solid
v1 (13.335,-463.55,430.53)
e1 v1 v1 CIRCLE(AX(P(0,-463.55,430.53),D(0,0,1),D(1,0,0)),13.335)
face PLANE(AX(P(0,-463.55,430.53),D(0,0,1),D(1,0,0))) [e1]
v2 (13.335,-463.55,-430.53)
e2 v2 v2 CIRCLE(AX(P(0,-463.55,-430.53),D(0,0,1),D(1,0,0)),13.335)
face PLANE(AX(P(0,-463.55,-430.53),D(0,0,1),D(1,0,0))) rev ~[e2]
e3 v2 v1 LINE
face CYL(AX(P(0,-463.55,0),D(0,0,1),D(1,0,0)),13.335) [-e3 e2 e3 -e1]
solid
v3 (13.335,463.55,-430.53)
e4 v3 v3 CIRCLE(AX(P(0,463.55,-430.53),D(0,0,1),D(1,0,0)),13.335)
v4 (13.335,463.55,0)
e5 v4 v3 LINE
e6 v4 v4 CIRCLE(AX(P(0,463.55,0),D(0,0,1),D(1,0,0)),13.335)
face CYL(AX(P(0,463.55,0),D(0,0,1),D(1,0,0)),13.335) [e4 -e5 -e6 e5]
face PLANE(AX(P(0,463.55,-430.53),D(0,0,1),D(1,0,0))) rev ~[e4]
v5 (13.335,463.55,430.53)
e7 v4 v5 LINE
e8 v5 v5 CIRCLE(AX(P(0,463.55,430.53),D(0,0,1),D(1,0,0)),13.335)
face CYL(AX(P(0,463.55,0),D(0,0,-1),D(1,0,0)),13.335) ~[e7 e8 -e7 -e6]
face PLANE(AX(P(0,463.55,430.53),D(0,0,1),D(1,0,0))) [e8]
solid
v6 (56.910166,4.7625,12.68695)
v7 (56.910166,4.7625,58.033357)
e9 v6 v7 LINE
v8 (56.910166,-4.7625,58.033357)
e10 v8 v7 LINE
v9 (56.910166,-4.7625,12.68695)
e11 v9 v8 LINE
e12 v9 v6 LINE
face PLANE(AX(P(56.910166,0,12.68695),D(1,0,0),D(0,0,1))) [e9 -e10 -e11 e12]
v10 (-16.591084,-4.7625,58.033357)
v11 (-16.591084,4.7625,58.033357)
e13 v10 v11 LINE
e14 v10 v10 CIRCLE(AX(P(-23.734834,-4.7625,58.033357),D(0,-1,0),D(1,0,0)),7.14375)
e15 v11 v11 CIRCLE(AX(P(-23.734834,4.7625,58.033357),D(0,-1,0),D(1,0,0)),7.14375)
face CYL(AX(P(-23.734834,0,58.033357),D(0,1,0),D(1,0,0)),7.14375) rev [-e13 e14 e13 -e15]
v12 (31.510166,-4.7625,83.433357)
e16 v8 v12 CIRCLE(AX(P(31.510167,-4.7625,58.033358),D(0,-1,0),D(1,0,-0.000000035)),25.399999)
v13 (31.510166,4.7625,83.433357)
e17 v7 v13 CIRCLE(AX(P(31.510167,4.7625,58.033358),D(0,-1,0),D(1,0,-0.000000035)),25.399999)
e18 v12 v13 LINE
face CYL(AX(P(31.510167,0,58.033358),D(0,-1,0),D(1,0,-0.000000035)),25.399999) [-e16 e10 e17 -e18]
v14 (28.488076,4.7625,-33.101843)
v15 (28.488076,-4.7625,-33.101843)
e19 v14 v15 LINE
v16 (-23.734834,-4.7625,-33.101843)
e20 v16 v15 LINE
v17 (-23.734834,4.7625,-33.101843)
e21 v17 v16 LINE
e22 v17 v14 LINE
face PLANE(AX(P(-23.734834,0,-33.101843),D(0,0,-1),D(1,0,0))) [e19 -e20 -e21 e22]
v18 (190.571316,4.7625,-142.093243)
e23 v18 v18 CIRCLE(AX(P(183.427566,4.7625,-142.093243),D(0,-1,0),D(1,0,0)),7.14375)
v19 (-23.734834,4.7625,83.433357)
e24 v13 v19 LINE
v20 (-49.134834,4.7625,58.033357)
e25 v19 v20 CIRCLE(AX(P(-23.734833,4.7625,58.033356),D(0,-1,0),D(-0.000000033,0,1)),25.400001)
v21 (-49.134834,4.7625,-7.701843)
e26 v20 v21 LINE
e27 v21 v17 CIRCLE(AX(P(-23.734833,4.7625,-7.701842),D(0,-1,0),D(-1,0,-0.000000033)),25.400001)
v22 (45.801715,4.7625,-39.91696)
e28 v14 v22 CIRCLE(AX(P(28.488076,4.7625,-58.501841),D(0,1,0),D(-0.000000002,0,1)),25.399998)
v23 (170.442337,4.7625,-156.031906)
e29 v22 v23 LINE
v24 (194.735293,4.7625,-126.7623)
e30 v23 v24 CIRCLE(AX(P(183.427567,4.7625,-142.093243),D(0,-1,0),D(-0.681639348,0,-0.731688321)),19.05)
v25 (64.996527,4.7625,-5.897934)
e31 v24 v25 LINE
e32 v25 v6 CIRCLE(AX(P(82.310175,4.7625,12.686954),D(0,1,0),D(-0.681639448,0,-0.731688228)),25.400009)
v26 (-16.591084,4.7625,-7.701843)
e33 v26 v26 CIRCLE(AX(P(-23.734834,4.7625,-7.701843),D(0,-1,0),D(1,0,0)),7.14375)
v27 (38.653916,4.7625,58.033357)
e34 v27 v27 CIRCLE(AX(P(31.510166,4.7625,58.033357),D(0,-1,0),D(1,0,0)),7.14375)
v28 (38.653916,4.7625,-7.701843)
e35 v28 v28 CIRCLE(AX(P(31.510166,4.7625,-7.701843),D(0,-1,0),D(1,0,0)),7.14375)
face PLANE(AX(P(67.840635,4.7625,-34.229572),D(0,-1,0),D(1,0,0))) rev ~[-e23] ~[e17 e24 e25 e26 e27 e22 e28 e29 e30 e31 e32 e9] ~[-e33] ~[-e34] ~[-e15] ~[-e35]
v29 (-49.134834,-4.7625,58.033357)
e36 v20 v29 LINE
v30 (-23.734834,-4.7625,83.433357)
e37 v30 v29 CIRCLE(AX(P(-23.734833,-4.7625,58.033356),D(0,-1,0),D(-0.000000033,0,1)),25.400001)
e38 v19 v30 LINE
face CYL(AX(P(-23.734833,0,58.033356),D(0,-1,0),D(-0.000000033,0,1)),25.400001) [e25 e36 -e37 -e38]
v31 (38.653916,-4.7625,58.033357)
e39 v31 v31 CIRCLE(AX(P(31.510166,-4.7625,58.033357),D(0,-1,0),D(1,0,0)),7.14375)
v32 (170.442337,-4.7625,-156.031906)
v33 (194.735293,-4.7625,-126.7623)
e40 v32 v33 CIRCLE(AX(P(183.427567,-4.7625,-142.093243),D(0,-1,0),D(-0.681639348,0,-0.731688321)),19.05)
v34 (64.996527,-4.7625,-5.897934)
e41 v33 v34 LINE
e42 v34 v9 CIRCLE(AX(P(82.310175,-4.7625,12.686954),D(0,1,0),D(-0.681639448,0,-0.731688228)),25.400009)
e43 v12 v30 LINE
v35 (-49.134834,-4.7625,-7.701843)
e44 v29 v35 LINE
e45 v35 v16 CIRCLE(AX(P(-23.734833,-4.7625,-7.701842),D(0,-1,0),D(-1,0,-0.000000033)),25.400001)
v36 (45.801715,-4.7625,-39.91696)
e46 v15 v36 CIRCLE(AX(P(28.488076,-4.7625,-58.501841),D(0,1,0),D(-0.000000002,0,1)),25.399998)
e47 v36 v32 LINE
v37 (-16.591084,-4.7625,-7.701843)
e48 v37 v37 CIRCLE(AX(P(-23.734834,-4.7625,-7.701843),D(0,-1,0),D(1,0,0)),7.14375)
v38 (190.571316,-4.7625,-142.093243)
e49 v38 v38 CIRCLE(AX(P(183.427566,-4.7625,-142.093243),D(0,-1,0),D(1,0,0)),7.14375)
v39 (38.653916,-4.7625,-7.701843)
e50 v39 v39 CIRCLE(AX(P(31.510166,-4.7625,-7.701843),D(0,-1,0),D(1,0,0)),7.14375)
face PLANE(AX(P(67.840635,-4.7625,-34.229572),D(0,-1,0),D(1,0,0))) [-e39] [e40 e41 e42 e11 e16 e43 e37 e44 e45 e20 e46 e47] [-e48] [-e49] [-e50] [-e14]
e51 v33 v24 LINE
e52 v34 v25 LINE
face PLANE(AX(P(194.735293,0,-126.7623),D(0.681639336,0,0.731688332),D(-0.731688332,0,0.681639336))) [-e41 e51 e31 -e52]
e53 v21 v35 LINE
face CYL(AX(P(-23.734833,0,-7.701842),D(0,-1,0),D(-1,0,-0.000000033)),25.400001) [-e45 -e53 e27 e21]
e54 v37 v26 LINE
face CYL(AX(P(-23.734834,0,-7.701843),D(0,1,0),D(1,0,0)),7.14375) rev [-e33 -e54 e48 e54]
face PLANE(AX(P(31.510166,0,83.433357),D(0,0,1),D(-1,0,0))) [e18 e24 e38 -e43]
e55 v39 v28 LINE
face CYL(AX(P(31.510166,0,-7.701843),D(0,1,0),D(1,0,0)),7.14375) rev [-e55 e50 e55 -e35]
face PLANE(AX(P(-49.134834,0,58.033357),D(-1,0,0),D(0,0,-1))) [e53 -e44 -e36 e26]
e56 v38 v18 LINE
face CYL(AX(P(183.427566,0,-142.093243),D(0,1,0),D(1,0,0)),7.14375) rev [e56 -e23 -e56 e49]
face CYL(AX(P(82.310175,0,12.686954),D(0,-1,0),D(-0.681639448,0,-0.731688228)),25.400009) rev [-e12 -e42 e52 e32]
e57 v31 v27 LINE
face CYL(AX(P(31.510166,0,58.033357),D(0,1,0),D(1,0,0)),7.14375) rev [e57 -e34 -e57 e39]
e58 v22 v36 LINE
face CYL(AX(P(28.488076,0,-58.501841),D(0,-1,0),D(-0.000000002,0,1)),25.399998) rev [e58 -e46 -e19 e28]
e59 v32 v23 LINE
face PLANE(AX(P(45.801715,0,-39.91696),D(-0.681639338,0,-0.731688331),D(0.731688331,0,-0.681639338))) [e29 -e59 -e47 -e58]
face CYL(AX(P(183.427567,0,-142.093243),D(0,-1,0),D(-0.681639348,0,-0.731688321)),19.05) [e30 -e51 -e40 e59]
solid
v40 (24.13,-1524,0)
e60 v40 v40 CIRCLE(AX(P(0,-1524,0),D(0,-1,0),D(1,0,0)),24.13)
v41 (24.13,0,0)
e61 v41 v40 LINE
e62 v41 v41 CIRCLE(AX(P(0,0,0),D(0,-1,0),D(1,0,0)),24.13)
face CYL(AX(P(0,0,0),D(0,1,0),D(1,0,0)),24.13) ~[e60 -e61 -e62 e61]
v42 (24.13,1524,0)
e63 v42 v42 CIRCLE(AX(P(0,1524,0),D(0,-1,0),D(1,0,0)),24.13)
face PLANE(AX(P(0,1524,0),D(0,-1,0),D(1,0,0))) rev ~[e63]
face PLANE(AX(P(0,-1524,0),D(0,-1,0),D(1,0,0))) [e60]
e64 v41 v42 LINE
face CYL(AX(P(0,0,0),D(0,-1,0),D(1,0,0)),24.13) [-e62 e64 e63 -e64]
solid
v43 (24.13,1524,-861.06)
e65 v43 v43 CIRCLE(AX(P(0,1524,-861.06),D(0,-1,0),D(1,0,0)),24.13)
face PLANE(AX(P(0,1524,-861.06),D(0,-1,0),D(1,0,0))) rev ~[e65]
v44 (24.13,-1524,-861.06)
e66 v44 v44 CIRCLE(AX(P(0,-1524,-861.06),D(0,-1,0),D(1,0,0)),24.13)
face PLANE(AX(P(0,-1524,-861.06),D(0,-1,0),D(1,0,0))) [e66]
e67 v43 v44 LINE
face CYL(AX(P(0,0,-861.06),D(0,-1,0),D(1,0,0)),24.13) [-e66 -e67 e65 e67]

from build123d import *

# Parameters (mm, degrees)
F0_R     = 7.14375
F1_DEPTH = 4.7625
F2_R     = 24.13
F3_DEPTH = 1524
F4_R     = 13.335
F5_DEPTH = 430.53


with BuildPart() as f1:
    # F0 (on Front) → F1 (new body, symmetric)
    with BuildSketch(Plane.XZ):
        with BuildLine():
            Line((31.510166, 83.433357), (-23.734834, 83.433357))
            ThreePointArc((-23.734834, 83.433357), (-41.695346, 75.993869), (-49.134834, 58.033357))
            Line((-49.134834, 58.033357), (-49.134834, -7.701843))
            ThreePointArc((-49.134834, -7.701843), (-41.695346, -25.662355), (-23.734834, -33.101843))
            Line((-23.734834, -33.101843), (28.488076, -33.101843))
            ThreePointArc((28.488076, -33.101843), (37.791407, -34.866953), (45.801715, -39.91696))
            Line((45.801715, -39.91696), (170.442337, -156.031906))
            ThreePointArc((170.442337, -156.031906), (198.086385, -154.259654), (194.735293, -126.7623))
            Line((194.735293, -126.7623), (64.996527, -5.897934))
            ThreePointArc((64.996527, -5.897934), (59.019327, 2.553008), (56.910166, 12.68695))
            Line((56.910166, 12.68695), (56.910166, 58.033357))
            ThreePointArc((56.910166, 58.033357), (49.470679, 75.993869), (31.510166, 83.433357))
        make_face()
        with Locations((183.427566, -142.093243)):
            Circle(F0_R, mode=Mode.SUBTRACT)
        with Locations((-23.734834, -7.701843)):
            Circle(F0_R, mode=Mode.SUBTRACT)
        with Locations((31.510166, -7.701843)):
            Circle(F0_R, mode=Mode.SUBTRACT)
        with Locations((-23.734834, 58.033357)):
            Circle(F0_R, mode=Mode.SUBTRACT)
        with Locations((31.510166, 58.033357)):
            Circle(F0_R, mode=Mode.SUBTRACT)
    extrude(amount=F1_DEPTH, both=True)


with BuildPart() as f3:
    # F2 (on Front) → F3 (new body, symmetric)
    with BuildSketch(Plane.XZ):
        Circle(F2_R)
        with Locations((0, -861.06)):
            Circle(F2_R)
    extrude(amount=F3_DEPTH, both=True)


with BuildPart() as f5:
    # F4 (on Top) → F5 (new body, symmetric)
    with BuildSketch(Plane.XY):
        with Locations((0, 463.55)):
            Circle(F4_R)
        with Locations((0, -463.55)):
            Circle(F4_R)
    extrude(amount=F5_DEPTH, both=True)


solid = Compound([f1.part, f3.part, f5.part])
